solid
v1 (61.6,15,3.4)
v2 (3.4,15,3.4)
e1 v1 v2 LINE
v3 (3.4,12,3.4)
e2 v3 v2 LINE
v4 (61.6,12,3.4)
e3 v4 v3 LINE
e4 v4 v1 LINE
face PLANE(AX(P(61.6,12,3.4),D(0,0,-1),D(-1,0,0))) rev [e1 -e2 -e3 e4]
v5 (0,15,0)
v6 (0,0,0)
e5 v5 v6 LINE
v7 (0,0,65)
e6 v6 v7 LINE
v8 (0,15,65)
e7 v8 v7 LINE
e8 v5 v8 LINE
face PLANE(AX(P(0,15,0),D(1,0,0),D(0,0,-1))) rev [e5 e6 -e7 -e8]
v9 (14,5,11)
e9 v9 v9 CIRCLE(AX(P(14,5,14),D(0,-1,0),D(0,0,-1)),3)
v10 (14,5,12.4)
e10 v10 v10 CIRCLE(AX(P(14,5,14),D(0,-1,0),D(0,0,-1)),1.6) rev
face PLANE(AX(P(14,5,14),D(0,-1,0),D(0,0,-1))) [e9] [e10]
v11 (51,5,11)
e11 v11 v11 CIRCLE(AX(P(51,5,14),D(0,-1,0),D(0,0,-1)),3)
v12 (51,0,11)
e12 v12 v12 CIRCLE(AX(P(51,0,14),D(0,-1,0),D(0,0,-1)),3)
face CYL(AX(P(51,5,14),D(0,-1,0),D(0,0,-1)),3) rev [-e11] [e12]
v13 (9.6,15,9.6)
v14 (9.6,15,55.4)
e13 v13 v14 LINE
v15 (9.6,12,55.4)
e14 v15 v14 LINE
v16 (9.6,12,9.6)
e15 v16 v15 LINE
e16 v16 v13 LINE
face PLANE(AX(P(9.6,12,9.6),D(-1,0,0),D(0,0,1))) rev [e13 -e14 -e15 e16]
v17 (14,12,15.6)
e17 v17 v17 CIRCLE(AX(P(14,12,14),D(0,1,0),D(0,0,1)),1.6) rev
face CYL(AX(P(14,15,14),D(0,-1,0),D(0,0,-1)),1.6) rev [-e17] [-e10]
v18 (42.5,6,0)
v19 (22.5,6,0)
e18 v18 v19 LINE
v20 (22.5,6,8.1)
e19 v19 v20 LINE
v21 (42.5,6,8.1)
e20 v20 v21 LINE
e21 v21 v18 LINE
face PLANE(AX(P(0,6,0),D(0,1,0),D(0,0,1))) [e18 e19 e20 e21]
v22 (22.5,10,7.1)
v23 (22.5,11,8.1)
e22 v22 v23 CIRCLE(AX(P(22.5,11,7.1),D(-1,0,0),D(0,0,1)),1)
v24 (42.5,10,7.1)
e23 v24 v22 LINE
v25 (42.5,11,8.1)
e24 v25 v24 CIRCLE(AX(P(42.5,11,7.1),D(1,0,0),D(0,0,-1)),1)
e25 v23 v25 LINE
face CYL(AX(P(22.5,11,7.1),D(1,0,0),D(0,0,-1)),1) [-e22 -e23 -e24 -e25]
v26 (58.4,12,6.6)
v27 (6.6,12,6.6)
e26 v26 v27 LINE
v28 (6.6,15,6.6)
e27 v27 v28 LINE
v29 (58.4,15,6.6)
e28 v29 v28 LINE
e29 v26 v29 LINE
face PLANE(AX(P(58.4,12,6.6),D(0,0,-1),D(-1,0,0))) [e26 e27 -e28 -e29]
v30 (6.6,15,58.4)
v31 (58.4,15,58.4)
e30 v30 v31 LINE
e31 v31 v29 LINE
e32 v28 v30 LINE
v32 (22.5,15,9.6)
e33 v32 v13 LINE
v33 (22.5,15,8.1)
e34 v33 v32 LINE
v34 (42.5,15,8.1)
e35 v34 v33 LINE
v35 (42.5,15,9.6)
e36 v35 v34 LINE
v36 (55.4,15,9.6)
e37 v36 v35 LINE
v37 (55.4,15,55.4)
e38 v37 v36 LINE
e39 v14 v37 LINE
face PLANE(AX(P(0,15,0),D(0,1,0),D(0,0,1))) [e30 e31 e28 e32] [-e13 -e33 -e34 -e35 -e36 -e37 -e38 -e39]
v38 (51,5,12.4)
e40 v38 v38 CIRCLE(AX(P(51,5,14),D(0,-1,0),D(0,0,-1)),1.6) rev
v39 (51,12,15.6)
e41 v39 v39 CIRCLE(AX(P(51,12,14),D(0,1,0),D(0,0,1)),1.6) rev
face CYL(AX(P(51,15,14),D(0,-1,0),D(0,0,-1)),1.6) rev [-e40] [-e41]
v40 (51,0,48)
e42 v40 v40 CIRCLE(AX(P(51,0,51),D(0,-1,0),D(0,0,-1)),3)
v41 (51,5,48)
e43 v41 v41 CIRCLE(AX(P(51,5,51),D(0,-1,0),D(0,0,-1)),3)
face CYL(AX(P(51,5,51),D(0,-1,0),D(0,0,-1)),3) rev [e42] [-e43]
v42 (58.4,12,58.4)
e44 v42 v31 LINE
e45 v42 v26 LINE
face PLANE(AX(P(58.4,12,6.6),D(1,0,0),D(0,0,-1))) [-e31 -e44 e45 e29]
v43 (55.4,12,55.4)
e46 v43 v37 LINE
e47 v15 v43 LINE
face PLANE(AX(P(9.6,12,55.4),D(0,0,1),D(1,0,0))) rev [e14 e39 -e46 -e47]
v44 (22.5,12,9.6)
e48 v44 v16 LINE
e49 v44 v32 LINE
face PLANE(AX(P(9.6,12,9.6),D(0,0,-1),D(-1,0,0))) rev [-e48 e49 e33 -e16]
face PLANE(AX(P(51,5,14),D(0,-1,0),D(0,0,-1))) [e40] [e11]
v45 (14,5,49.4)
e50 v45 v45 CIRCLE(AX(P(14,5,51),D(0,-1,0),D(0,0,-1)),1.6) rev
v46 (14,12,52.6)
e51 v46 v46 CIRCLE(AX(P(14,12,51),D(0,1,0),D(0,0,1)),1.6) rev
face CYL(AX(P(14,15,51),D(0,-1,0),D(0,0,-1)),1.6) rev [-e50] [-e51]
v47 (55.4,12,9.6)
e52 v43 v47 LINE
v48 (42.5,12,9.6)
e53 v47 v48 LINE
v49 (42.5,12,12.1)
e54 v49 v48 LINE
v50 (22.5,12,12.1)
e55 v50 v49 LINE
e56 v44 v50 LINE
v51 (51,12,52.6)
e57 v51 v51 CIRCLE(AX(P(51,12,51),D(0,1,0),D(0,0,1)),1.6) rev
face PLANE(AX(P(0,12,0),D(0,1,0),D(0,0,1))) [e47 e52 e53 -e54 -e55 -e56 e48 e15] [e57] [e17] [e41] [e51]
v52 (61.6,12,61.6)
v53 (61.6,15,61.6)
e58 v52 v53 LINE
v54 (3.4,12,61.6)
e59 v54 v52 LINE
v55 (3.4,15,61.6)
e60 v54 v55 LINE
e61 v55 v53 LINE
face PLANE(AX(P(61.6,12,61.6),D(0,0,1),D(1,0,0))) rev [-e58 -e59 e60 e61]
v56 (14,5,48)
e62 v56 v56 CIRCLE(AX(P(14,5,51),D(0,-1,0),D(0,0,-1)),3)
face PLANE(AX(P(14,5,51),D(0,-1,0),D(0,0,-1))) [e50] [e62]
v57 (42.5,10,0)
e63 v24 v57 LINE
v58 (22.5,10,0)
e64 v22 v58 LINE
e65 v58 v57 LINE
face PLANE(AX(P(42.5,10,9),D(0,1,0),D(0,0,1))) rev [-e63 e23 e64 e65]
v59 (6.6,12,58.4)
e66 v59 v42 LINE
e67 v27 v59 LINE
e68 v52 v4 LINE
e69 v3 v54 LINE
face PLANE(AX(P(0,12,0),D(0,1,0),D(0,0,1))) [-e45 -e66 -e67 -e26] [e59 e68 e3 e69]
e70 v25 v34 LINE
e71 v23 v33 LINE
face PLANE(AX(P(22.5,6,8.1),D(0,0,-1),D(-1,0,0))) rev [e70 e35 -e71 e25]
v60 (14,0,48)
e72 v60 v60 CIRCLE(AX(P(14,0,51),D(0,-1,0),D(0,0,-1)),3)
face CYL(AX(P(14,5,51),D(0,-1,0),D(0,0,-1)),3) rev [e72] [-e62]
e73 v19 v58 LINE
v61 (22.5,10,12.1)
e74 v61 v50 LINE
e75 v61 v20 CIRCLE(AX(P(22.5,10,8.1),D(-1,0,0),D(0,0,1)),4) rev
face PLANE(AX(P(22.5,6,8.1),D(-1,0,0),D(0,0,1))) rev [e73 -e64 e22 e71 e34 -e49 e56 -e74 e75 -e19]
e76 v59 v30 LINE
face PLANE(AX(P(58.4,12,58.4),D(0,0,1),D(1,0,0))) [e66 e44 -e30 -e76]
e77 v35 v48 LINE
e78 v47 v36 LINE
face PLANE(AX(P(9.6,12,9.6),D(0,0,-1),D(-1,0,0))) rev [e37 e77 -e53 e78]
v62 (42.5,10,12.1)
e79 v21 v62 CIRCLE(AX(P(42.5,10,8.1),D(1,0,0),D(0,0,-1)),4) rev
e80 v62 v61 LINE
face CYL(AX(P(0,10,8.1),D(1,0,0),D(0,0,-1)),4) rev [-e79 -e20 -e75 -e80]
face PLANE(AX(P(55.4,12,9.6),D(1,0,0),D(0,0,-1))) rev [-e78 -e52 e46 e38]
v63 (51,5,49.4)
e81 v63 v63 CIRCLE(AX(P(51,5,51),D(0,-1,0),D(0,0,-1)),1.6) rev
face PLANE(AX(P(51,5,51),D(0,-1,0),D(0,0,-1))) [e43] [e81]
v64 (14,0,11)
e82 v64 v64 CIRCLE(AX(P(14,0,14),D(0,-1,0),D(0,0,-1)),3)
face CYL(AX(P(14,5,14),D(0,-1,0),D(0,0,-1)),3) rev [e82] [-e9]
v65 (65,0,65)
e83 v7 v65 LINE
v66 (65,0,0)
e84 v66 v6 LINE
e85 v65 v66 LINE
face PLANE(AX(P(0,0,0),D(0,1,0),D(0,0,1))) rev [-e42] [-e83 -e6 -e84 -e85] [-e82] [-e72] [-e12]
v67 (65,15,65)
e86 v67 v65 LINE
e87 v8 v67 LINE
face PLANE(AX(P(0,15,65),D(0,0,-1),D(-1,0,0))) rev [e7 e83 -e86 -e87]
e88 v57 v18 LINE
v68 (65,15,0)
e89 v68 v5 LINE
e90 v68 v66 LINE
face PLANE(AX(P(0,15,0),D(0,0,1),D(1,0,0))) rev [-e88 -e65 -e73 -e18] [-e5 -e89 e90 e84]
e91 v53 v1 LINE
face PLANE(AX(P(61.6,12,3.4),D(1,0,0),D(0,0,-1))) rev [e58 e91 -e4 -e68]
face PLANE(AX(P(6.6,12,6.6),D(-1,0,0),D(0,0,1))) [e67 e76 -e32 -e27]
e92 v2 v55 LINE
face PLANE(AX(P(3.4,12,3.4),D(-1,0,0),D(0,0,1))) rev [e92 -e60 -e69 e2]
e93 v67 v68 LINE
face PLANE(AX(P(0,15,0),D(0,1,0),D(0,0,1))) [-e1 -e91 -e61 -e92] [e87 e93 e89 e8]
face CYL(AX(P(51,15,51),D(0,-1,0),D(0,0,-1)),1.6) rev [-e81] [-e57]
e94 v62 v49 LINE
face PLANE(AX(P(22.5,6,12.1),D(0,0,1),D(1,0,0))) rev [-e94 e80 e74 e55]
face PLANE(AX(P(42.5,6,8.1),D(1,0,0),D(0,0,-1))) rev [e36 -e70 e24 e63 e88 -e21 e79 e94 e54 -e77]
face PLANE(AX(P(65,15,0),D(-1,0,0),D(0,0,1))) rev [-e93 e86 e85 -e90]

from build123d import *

# Parameters (mm, degrees)
SKETCH_1_W           = 65
SKETCH_1_H           = 65
EXTRUDE_1_DEPTH      = 15
SKETCH_2_R           = 1.6
CUT_EXTRUDE_1_DEPTH  = 16
SKETCH_3_W           = 45.8
SKETCH_3_H           = 45.8
CUT_EXTRUDE_2_DEPTH  = 3
SKETCH_4_W           = 58.2
SKETCH_4_H           = 58.2
SKETCH_4_W_2         = 51.8
SKETCH_4_H_2         = 51.8
CUT_EXTRUDE_3_DEPTH  = 3
SKETCH_7_R           = 3
CUT_EXTRUDE_6_DEPTH  = 5
SKETCH_10_W          = 20
SKETCH_10_H          = 4
CUT_EXTRUDE_9_DEPTH  = 9
SKETCH_11_W          = 20
SKETCH_11_H          = 4
CUT_EXTRUDE_10_DEPTH = 9
FILLET_2_R           = 4
FILLET_3_R           = 1


with BuildPart() as part:
    # 草图1 → 凸台-拉伸1 (new body)
    with BuildSketch(Plane(origin=(0, 0, 0), x_dir=(1, 0, 0), z_dir=(0, 1, 0))):
        with Locations((32.5, -32.5)):
            Rectangle(SKETCH_1_W, SKETCH_1_H)
    extrude(amount=EXTRUDE_1_DEPTH)

    # 草图2 → 切除-拉伸1 (cut, through all)
    with BuildSketch(Plane(origin=(0, 0, 0), x_dir=(-1, 0, 0), z_dir=(0, -1, 0))):
        with Locations((-14, -51)):
            Circle(SKETCH_2_R)
        with Locations((-51, -51)):
            Circle(SKETCH_2_R)
        with Locations((-14, -14)):
            Circle(SKETCH_2_R)
        with Locations((-51, -14)):
            Circle(SKETCH_2_R)
    extrude(amount=-CUT_EXTRUDE_1_DEPTH, mode=Mode.SUBTRACT)

    # 草图3 → 切除-拉伸2 (cut)
    with BuildSketch(Plane(origin=(0, 15, 0), x_dir=(1, 0, 0), z_dir=(0, 1, 0))):
        with Locations((32.5, -32.5)):
            Rectangle(SKETCH_3_W, SKETCH_3_H)
    extrude(amount=-CUT_EXTRUDE_2_DEPTH, mode=Mode.SUBTRACT)

    # 草图4 → 切除-拉伸3 (cut)
    with BuildSketch(Plane(origin=(0, 15, 0), x_dir=(1, 0, 0), z_dir=(0, 1, 0))):
        with Locations((32.5, -32.5)):
            Rectangle(SKETCH_4_W, SKETCH_4_H)
        with Locations((32.5, -32.5)):
            Rectangle(SKETCH_4_W_2, SKETCH_4_H_2, mode=Mode.SUBTRACT)
    extrude(amount=-CUT_EXTRUDE_3_DEPTH, mode=Mode.SUBTRACT)

    # 草图7 → 切除-拉伸6 (cut)
    with BuildSketch(Plane(origin=(0, 0, 0), x_dir=(-1, 0, 0), z_dir=(0, -1, 0))):
        with Locations((-14, -14)):
            Circle(SKETCH_7_R)
        with Locations((-14, -51)):
            Circle(SKETCH_7_R)
        with Locations((-51, -14)):
            Circle(SKETCH_7_R)
        with Locations((-51, -51)):
            Circle(SKETCH_7_R)
    extrude(amount=-CUT_EXTRUDE_6_DEPTH, mode=Mode.SUBTRACT)

    # 草图10 → 切除-拉伸9 (cut)
    with BuildSketch(Plane(origin=(0, 15, 0), x_dir=(1, 0, 0), z_dir=(0, 1, 0))):
        with Locations((32.5, -10.1)):
            Rectangle(SKETCH_10_W, SKETCH_10_H)
    extrude(amount=-CUT_EXTRUDE_9_DEPTH, mode=Mode.SUBTRACT)

    # 草图11 → 切除-拉伸10 (cut)
    with BuildSketch(Plane(origin=(0, 0, 0), x_dir=(-1, 0, 0), z_dir=(0, 0, -1))):
        with Locations((-32.5, 8)):
            Rectangle(SKETCH_11_W, SKETCH_11_H)
    extrude(amount=-CUT_EXTRUDE_10_DEPTH, mode=Mode.SUBTRACT)

    # 圆角2
    fillet_2_edges = [part.edges().sort_by_distance(p)[0] for p in [
        (32.5, 6, 12.1),
    ]]
    fillet(fillet_2_edges, radius=FILLET_2_R)

    # 圆角3
    fillet_3_edges = [part.edges().sort_by_distance(p)[0] for p in [
        (32.5, 10, 8.1),
    ]]
    fillet(fillet_3_edges, radius=FILLET_3_R)


solid = part.part
